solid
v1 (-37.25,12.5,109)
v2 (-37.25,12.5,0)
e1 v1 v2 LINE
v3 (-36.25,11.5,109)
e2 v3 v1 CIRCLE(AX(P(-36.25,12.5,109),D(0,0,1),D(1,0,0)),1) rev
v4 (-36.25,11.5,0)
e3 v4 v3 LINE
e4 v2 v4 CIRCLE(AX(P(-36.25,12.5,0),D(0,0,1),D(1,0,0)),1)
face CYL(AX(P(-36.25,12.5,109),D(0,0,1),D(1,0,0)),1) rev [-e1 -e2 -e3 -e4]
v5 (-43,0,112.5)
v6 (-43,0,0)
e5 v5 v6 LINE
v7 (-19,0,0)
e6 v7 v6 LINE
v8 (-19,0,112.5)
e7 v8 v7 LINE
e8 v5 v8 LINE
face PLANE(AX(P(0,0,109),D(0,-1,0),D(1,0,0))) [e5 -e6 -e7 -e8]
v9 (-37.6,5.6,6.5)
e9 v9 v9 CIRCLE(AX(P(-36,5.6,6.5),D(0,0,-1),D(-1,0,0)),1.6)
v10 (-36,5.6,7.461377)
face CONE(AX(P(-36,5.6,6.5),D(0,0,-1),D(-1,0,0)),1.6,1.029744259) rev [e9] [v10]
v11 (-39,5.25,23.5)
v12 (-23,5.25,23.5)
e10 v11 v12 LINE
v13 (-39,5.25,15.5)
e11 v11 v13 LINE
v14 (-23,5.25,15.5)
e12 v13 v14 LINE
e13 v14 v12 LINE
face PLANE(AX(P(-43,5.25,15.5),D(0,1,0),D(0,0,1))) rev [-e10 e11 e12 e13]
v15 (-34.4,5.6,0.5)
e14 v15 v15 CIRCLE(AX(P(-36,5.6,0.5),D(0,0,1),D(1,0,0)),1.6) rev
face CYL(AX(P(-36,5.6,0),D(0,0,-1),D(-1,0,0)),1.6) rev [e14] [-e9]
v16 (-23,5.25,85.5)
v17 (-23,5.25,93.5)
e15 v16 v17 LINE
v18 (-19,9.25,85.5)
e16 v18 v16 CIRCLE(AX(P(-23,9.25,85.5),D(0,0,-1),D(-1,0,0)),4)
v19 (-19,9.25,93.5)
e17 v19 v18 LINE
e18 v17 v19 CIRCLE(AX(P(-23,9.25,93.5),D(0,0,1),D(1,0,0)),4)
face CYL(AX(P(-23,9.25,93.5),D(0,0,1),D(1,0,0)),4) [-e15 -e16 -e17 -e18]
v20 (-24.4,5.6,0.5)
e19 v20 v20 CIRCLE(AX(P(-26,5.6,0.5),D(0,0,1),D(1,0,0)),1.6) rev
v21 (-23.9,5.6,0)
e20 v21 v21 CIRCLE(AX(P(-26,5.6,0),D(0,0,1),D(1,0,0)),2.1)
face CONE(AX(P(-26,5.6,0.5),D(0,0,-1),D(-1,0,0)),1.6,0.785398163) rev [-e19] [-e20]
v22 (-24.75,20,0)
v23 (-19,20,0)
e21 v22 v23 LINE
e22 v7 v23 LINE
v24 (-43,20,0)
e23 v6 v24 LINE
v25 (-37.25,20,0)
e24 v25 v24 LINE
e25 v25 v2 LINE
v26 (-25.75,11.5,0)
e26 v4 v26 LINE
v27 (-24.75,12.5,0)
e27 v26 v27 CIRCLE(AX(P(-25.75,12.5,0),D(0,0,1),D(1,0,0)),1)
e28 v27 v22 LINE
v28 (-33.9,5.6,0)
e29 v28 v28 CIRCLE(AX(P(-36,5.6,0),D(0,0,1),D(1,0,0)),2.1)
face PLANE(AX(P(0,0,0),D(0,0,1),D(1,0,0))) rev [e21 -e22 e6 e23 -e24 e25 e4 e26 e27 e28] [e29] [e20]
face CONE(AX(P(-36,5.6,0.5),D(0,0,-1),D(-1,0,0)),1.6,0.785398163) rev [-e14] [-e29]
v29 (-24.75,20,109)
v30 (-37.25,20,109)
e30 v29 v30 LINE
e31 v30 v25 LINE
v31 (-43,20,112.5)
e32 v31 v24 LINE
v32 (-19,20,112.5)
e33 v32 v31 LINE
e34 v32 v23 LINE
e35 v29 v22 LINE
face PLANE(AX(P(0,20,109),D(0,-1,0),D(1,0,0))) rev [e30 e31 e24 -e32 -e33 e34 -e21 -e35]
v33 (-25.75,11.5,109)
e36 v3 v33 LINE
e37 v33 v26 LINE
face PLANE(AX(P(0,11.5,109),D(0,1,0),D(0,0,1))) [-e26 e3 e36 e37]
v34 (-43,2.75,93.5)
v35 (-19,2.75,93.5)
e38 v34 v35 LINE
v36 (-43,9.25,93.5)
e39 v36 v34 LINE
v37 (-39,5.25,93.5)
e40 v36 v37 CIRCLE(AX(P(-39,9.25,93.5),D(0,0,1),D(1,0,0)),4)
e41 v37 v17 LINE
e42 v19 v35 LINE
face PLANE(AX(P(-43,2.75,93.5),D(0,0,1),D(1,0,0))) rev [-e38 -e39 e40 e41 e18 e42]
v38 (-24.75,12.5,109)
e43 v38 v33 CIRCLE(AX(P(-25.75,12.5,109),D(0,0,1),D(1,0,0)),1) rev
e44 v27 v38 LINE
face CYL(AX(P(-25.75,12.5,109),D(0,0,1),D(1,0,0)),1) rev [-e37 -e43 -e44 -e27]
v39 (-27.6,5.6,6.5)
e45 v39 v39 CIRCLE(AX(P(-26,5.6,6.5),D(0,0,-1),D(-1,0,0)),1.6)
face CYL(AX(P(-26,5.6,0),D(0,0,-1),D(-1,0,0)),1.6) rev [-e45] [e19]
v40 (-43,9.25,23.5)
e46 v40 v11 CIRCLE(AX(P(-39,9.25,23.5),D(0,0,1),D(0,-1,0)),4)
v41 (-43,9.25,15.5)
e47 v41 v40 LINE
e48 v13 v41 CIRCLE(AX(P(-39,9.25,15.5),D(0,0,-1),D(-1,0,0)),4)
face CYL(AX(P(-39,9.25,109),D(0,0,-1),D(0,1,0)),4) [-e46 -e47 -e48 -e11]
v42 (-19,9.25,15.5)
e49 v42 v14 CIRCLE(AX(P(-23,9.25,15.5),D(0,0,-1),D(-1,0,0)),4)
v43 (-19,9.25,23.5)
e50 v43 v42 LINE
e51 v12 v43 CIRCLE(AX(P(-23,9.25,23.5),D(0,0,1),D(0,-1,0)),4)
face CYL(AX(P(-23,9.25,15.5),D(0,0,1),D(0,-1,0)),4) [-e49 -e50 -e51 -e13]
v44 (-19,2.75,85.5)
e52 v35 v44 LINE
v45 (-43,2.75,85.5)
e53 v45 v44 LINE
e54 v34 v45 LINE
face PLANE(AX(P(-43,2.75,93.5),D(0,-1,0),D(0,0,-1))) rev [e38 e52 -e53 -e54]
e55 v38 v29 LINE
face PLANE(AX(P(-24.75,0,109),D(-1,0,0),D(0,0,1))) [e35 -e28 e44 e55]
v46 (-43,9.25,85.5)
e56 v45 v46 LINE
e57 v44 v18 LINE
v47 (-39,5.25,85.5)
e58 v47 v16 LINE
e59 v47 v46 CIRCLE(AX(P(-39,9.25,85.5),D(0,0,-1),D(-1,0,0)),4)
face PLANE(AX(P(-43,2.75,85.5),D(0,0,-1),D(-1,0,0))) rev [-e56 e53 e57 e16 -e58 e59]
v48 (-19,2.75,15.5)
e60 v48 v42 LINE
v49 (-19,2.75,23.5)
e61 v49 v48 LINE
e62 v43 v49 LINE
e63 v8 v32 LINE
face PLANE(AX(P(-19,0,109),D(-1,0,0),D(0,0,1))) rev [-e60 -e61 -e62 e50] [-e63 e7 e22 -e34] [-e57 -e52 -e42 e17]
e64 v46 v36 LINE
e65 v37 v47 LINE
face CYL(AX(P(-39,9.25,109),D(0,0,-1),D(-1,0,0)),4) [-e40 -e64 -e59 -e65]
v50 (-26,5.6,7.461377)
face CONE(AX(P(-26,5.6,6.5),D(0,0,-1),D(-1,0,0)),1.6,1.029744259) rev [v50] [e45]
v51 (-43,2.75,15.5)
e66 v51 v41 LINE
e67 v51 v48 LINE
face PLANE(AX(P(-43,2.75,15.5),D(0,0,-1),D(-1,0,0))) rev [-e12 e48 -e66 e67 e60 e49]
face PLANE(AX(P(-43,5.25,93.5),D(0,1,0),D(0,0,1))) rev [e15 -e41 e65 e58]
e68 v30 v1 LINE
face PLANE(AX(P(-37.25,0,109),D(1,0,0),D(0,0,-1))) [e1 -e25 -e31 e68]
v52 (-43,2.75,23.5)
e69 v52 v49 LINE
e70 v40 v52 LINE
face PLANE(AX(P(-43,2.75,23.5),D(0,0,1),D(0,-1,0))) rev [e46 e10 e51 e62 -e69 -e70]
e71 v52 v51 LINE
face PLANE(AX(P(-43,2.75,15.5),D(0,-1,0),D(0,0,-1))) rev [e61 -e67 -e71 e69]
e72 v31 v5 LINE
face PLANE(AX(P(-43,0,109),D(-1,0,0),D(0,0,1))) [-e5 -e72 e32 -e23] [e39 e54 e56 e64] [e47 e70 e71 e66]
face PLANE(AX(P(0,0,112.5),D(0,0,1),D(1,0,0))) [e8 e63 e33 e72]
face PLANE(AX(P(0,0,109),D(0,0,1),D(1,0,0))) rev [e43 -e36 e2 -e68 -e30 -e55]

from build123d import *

# Parameters (mm, degrees)
SKETCH1_W                 = 12.5
SKETCH1_H                 = 11.5
BOSS_EXTRUDE1_DEPTH       = 109
SKETCH2_W                 = 24
SKETCH2_H                 = 20
BOSS_EXTRUDE2_DEPTH       = 3.5
F_2_5MM_DOWEL_HOLE1_D     = 3.2
F_2_5MM_DOWEL_HOLE1_DEPTH = 6.5
F_2_5MM_DOWEL_HOLE1_TIP   = 0.96137699
SKETCH5_W                 = 8
SKETCH5_H                 = 2.5
CUT_EXTRUDE1_DEPTH        = 117.757226757
FILLET1_R                 = 4
CHAMFER1_SIZE             = 0.5
FILLET2_R                 = 1


with BuildPart() as part:
    # Sketch1 → Boss-Extrude1 (new body)
    with BuildSketch(Plane.XY):
        Polygon((-37.25, 0), (-37.25, 11.5), (-37.25, 20), (-43, 20), (-43, 0), align=None)
        with Locations((-31, 5.75)):
            Rectangle(SKETCH1_W, SKETCH1_H)
        Polygon((-24.75, 20), (-24.75, 11.5), (-24.75, 0), (-19, 0), (-19, 20), align=None)
    extrude(amount=BOSS_EXTRUDE1_DEPTH)

    # Sketch2 → Boss-Extrude2 (add)
    with BuildSketch(Plane.XY.offset(109)):
        with Locations((-31, 10)):
            Rectangle(SKETCH2_W, SKETCH2_H)
    extrude(amount=BOSS_EXTRUDE2_DEPTH)

    # Ø2.5mm Dowel Hole1
    with Locations(Plane(origin=(0, 0, 0), x_dir=(-1, 0, 0), z_dir=(0, 0, -1))):
        with Locations((36, 5.6), (26, 5.6)):
            Hole(F_2_5MM_DOWEL_HOLE1_D / 2, depth=F_2_5MM_DOWEL_HOLE1_DEPTH)
            with Locations((0, 0, -(F_2_5MM_DOWEL_HOLE1_DEPTH + F_2_5MM_DOWEL_HOLE1_TIP / 2))):  # 118° drill point
                Cone(0, F_2_5MM_DOWEL_HOLE1_D / 2, F_2_5MM_DOWEL_HOLE1_TIP, mode=Mode.SUBTRACT)

    # Sketch5 → Cut-Extrude1 (cut, through all)
    with BuildSketch(Plane(origin=(-19, 0, 0), x_dir=(0, 0, -1), z_dir=(1, 0, 0))):
        with Locations((-89.5, 4)):
            Rectangle(SKETCH5_W, SKETCH5_H)
        with Locations((-19.5, 4)):
            Rectangle(SKETCH5_W, SKETCH5_H)
    extrude(amount=-CUT_EXTRUDE1_DEPTH, mode=Mode.SUBTRACT)

    # Fillet1
    fillet1_edges = [part.edges().sort_by_distance(p)[0] for p in [
        (-43, 5.25, 89.5),
        (-19, 5.25, 89.5),
        (-43, 5.25, 19.5),
        (-19, 5.25, 19.5),
    ]]
    fillet(fillet1_edges, radius=FILLET1_R)

    # Chamfer1
    chamfer1_edges = [part.edges().sort_by_distance(p)[0] for p in [
        (-37.6, 5.6, 0),
        (-27.6, 5.6, 0),
    ]]
    chamfer(chamfer1_edges, length=CHAMFER1_SIZE)

    # Fillet2
    fillet2_edges = [part.edges().sort_by_distance(p)[0] for p in [
        (-37.25, 11.5, 54.5),
        (-24.75, 11.5, 54.5),
    ]]
    fillet(fillet2_edges, radius=FILLET2_R)


solid = part.part
